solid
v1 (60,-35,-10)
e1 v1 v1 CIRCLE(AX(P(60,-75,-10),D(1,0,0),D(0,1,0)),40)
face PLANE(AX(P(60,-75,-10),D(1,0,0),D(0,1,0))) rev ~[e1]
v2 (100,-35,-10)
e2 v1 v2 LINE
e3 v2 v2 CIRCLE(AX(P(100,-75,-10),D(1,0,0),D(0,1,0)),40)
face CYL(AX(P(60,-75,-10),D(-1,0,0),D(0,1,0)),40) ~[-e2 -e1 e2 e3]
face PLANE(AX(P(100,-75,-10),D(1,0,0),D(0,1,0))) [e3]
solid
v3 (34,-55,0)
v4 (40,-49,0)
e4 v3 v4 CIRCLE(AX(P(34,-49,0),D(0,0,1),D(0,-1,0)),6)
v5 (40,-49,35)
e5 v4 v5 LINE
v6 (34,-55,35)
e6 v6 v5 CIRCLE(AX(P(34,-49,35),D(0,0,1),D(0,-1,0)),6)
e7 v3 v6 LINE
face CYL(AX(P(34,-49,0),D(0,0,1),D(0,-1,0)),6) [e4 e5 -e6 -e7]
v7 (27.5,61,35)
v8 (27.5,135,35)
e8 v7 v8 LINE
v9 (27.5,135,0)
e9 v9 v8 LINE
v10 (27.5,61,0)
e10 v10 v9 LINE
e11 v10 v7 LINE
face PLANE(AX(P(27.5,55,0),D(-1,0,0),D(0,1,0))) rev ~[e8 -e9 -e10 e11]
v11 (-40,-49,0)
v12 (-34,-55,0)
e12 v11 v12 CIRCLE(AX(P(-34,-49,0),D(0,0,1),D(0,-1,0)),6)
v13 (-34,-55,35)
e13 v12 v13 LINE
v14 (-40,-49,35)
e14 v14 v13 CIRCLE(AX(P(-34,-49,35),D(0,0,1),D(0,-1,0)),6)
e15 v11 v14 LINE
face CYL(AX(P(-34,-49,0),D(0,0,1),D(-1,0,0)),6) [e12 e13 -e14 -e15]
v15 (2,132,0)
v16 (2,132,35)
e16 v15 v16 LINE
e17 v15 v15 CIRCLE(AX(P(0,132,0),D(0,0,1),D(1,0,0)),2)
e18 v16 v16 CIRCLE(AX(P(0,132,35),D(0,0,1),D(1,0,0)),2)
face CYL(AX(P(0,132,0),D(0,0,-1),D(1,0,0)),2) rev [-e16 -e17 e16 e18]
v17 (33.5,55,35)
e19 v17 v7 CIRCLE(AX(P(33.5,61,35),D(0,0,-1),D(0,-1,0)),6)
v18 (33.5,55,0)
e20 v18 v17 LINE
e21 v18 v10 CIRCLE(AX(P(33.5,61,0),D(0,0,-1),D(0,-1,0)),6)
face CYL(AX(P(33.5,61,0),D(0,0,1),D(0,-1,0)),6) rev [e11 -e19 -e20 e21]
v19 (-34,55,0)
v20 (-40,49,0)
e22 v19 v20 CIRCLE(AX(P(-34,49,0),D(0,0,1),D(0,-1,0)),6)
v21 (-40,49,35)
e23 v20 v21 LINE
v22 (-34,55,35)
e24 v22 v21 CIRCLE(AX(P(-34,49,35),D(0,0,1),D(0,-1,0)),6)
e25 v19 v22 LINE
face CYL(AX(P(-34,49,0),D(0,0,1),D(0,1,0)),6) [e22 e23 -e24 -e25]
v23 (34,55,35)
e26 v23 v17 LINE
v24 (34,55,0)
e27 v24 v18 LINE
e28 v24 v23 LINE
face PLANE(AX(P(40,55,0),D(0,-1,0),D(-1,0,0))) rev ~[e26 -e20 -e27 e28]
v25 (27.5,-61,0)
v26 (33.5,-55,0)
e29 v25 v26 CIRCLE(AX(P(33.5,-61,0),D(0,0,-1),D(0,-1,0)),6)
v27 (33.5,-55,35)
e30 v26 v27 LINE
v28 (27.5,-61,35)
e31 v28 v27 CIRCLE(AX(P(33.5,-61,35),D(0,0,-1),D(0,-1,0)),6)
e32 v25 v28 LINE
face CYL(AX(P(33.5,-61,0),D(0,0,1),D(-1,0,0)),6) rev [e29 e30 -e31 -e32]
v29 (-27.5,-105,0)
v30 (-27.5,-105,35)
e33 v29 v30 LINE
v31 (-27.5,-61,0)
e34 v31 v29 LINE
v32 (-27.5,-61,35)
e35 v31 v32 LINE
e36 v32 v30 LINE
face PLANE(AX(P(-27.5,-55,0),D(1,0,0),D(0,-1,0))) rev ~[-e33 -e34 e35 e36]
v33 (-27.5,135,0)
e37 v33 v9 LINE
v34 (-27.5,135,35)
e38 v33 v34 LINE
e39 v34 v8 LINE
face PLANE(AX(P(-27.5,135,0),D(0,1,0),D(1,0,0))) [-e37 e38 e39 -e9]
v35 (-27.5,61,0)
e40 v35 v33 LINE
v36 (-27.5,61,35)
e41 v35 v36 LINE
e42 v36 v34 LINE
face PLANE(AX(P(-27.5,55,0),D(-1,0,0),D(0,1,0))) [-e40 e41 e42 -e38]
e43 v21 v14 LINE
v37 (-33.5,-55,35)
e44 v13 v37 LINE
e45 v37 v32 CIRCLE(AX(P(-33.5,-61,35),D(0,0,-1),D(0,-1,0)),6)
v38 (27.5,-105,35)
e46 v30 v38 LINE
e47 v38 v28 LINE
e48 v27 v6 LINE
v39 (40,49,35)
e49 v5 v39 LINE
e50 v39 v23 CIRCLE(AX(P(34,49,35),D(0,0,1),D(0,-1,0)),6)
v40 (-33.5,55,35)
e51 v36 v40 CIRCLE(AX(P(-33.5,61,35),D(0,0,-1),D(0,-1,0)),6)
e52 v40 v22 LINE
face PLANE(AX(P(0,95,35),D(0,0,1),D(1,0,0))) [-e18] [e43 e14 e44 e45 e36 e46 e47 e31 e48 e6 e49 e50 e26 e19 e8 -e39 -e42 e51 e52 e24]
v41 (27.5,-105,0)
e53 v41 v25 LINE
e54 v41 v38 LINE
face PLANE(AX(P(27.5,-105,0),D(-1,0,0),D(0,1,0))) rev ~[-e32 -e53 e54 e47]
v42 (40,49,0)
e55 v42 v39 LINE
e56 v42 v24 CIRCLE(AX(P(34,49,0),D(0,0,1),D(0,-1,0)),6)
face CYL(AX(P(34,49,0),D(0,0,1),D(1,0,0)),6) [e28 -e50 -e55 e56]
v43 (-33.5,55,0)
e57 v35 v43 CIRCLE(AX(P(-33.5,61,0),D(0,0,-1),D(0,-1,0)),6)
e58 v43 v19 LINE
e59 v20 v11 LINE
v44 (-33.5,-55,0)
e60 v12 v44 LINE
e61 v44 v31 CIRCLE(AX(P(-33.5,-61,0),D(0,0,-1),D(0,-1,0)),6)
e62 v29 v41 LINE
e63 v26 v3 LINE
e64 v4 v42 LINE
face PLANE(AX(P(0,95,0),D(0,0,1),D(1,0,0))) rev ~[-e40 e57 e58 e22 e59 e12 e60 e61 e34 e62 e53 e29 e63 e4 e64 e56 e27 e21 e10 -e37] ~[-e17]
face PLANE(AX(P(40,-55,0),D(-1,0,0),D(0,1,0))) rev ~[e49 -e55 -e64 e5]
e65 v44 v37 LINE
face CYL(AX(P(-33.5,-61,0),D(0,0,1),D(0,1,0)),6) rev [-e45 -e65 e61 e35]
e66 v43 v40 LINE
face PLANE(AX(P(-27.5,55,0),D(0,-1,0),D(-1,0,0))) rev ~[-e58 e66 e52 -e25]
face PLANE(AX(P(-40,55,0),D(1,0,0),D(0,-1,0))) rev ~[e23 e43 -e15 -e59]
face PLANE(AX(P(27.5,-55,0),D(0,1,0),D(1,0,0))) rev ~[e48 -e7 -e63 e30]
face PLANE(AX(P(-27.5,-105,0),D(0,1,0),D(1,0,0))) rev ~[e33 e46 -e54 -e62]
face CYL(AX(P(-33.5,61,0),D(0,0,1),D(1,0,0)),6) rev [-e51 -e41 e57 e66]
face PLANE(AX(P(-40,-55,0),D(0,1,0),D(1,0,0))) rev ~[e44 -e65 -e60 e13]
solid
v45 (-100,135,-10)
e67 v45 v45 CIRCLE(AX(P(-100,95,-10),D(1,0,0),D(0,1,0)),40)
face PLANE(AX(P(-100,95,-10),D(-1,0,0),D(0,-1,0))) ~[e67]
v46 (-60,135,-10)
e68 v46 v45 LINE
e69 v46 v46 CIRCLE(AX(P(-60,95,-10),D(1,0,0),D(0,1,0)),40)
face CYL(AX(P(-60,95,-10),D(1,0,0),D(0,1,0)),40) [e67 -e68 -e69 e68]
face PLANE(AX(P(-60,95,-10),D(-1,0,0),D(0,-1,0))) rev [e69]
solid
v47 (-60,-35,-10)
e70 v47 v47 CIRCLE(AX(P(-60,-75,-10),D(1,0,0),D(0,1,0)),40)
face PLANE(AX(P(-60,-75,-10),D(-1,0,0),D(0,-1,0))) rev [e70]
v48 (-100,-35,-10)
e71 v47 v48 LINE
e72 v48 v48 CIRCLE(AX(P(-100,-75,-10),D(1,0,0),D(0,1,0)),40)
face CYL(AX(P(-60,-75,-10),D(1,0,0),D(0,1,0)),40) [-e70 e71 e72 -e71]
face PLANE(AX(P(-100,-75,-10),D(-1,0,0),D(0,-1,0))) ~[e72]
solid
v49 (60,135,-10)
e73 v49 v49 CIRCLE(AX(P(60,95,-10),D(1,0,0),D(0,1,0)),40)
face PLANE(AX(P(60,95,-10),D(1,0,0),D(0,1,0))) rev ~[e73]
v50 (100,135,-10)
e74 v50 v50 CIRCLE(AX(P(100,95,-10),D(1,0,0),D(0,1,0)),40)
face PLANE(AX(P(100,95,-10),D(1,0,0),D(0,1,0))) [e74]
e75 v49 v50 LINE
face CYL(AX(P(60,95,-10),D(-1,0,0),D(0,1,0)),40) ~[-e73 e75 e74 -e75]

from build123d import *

# Parameters (mm, degrees)
F0_W     = 55
F0_H     = 80
F0_R     = 2
F1_DEPTH = 35
F2_R     = 6
F4_START = 60
F3_R     = 40
F4_DEPTH = 40


with BuildPart() as f1:
    # F0 (on Top) → F1 (new body)
    with BuildSketch(Plane.XY):
        with Locations((0, 95)):
            Rectangle(F0_W, F0_H)
        with Locations((0, 132)):
            Circle(F0_R, mode=Mode.SUBTRACT)
        Polygon((40, -55), (40, 55), (27.5, 55), (-27.5, 55), (-40, 55), (-40, -55), (-27.5, -55), (27.5, -55), align=None)
        Polygon((27.5, -98), (27.5, -55), (-27.5, -55), (-27.5, -98), (-27.5, -105), (27.5, -105), align=None)
    extrude(amount=F1_DEPTH)

    # F2
    f2_edges = [f1.edges().sort_by_distance(p)[0] for p in [
        (27.5, -55, 17.5),
        (40, -55, 17.5),
        (-40, -55, 17.5),
        (-27.5, -55, 17.5),
        (-40, 55, 17.5),
        (-27.5, 55, 17.5),
        (40, 55, 17.5),
        (27.5, 55, 17.5),
    ]]
    fillet(f2_edges, radius=F2_R)


with BuildPart() as f4:
    # F3 (on Right) → F4 (new body)
    with BuildSketch(Plane.YZ.offset(F4_START)):
        with Locations((-75, -10)):
            Circle(F3_R)
    extrude(amount=F4_DEPTH)


with BuildPart() as f4b:
    # F3 (on Right) → F4, piece 2 (new body)
    with BuildSketch(Plane.YZ.offset(F4_START)):
        with Locations((95, -10)):
            Circle(F3_R)
    extrude(amount=F4_DEPTH)


with BuildPart() as f5_1:
    # F5: instance of F4
    add(f4.part.mirror(Plane.YZ))


with BuildPart() as f5_2:
    # F5: instance of F4b
    add(f4b.part.mirror(Plane.YZ))


solid = Compound([f1.part, f4.part, f4b.part, f5_1.part, f5_2.part])
